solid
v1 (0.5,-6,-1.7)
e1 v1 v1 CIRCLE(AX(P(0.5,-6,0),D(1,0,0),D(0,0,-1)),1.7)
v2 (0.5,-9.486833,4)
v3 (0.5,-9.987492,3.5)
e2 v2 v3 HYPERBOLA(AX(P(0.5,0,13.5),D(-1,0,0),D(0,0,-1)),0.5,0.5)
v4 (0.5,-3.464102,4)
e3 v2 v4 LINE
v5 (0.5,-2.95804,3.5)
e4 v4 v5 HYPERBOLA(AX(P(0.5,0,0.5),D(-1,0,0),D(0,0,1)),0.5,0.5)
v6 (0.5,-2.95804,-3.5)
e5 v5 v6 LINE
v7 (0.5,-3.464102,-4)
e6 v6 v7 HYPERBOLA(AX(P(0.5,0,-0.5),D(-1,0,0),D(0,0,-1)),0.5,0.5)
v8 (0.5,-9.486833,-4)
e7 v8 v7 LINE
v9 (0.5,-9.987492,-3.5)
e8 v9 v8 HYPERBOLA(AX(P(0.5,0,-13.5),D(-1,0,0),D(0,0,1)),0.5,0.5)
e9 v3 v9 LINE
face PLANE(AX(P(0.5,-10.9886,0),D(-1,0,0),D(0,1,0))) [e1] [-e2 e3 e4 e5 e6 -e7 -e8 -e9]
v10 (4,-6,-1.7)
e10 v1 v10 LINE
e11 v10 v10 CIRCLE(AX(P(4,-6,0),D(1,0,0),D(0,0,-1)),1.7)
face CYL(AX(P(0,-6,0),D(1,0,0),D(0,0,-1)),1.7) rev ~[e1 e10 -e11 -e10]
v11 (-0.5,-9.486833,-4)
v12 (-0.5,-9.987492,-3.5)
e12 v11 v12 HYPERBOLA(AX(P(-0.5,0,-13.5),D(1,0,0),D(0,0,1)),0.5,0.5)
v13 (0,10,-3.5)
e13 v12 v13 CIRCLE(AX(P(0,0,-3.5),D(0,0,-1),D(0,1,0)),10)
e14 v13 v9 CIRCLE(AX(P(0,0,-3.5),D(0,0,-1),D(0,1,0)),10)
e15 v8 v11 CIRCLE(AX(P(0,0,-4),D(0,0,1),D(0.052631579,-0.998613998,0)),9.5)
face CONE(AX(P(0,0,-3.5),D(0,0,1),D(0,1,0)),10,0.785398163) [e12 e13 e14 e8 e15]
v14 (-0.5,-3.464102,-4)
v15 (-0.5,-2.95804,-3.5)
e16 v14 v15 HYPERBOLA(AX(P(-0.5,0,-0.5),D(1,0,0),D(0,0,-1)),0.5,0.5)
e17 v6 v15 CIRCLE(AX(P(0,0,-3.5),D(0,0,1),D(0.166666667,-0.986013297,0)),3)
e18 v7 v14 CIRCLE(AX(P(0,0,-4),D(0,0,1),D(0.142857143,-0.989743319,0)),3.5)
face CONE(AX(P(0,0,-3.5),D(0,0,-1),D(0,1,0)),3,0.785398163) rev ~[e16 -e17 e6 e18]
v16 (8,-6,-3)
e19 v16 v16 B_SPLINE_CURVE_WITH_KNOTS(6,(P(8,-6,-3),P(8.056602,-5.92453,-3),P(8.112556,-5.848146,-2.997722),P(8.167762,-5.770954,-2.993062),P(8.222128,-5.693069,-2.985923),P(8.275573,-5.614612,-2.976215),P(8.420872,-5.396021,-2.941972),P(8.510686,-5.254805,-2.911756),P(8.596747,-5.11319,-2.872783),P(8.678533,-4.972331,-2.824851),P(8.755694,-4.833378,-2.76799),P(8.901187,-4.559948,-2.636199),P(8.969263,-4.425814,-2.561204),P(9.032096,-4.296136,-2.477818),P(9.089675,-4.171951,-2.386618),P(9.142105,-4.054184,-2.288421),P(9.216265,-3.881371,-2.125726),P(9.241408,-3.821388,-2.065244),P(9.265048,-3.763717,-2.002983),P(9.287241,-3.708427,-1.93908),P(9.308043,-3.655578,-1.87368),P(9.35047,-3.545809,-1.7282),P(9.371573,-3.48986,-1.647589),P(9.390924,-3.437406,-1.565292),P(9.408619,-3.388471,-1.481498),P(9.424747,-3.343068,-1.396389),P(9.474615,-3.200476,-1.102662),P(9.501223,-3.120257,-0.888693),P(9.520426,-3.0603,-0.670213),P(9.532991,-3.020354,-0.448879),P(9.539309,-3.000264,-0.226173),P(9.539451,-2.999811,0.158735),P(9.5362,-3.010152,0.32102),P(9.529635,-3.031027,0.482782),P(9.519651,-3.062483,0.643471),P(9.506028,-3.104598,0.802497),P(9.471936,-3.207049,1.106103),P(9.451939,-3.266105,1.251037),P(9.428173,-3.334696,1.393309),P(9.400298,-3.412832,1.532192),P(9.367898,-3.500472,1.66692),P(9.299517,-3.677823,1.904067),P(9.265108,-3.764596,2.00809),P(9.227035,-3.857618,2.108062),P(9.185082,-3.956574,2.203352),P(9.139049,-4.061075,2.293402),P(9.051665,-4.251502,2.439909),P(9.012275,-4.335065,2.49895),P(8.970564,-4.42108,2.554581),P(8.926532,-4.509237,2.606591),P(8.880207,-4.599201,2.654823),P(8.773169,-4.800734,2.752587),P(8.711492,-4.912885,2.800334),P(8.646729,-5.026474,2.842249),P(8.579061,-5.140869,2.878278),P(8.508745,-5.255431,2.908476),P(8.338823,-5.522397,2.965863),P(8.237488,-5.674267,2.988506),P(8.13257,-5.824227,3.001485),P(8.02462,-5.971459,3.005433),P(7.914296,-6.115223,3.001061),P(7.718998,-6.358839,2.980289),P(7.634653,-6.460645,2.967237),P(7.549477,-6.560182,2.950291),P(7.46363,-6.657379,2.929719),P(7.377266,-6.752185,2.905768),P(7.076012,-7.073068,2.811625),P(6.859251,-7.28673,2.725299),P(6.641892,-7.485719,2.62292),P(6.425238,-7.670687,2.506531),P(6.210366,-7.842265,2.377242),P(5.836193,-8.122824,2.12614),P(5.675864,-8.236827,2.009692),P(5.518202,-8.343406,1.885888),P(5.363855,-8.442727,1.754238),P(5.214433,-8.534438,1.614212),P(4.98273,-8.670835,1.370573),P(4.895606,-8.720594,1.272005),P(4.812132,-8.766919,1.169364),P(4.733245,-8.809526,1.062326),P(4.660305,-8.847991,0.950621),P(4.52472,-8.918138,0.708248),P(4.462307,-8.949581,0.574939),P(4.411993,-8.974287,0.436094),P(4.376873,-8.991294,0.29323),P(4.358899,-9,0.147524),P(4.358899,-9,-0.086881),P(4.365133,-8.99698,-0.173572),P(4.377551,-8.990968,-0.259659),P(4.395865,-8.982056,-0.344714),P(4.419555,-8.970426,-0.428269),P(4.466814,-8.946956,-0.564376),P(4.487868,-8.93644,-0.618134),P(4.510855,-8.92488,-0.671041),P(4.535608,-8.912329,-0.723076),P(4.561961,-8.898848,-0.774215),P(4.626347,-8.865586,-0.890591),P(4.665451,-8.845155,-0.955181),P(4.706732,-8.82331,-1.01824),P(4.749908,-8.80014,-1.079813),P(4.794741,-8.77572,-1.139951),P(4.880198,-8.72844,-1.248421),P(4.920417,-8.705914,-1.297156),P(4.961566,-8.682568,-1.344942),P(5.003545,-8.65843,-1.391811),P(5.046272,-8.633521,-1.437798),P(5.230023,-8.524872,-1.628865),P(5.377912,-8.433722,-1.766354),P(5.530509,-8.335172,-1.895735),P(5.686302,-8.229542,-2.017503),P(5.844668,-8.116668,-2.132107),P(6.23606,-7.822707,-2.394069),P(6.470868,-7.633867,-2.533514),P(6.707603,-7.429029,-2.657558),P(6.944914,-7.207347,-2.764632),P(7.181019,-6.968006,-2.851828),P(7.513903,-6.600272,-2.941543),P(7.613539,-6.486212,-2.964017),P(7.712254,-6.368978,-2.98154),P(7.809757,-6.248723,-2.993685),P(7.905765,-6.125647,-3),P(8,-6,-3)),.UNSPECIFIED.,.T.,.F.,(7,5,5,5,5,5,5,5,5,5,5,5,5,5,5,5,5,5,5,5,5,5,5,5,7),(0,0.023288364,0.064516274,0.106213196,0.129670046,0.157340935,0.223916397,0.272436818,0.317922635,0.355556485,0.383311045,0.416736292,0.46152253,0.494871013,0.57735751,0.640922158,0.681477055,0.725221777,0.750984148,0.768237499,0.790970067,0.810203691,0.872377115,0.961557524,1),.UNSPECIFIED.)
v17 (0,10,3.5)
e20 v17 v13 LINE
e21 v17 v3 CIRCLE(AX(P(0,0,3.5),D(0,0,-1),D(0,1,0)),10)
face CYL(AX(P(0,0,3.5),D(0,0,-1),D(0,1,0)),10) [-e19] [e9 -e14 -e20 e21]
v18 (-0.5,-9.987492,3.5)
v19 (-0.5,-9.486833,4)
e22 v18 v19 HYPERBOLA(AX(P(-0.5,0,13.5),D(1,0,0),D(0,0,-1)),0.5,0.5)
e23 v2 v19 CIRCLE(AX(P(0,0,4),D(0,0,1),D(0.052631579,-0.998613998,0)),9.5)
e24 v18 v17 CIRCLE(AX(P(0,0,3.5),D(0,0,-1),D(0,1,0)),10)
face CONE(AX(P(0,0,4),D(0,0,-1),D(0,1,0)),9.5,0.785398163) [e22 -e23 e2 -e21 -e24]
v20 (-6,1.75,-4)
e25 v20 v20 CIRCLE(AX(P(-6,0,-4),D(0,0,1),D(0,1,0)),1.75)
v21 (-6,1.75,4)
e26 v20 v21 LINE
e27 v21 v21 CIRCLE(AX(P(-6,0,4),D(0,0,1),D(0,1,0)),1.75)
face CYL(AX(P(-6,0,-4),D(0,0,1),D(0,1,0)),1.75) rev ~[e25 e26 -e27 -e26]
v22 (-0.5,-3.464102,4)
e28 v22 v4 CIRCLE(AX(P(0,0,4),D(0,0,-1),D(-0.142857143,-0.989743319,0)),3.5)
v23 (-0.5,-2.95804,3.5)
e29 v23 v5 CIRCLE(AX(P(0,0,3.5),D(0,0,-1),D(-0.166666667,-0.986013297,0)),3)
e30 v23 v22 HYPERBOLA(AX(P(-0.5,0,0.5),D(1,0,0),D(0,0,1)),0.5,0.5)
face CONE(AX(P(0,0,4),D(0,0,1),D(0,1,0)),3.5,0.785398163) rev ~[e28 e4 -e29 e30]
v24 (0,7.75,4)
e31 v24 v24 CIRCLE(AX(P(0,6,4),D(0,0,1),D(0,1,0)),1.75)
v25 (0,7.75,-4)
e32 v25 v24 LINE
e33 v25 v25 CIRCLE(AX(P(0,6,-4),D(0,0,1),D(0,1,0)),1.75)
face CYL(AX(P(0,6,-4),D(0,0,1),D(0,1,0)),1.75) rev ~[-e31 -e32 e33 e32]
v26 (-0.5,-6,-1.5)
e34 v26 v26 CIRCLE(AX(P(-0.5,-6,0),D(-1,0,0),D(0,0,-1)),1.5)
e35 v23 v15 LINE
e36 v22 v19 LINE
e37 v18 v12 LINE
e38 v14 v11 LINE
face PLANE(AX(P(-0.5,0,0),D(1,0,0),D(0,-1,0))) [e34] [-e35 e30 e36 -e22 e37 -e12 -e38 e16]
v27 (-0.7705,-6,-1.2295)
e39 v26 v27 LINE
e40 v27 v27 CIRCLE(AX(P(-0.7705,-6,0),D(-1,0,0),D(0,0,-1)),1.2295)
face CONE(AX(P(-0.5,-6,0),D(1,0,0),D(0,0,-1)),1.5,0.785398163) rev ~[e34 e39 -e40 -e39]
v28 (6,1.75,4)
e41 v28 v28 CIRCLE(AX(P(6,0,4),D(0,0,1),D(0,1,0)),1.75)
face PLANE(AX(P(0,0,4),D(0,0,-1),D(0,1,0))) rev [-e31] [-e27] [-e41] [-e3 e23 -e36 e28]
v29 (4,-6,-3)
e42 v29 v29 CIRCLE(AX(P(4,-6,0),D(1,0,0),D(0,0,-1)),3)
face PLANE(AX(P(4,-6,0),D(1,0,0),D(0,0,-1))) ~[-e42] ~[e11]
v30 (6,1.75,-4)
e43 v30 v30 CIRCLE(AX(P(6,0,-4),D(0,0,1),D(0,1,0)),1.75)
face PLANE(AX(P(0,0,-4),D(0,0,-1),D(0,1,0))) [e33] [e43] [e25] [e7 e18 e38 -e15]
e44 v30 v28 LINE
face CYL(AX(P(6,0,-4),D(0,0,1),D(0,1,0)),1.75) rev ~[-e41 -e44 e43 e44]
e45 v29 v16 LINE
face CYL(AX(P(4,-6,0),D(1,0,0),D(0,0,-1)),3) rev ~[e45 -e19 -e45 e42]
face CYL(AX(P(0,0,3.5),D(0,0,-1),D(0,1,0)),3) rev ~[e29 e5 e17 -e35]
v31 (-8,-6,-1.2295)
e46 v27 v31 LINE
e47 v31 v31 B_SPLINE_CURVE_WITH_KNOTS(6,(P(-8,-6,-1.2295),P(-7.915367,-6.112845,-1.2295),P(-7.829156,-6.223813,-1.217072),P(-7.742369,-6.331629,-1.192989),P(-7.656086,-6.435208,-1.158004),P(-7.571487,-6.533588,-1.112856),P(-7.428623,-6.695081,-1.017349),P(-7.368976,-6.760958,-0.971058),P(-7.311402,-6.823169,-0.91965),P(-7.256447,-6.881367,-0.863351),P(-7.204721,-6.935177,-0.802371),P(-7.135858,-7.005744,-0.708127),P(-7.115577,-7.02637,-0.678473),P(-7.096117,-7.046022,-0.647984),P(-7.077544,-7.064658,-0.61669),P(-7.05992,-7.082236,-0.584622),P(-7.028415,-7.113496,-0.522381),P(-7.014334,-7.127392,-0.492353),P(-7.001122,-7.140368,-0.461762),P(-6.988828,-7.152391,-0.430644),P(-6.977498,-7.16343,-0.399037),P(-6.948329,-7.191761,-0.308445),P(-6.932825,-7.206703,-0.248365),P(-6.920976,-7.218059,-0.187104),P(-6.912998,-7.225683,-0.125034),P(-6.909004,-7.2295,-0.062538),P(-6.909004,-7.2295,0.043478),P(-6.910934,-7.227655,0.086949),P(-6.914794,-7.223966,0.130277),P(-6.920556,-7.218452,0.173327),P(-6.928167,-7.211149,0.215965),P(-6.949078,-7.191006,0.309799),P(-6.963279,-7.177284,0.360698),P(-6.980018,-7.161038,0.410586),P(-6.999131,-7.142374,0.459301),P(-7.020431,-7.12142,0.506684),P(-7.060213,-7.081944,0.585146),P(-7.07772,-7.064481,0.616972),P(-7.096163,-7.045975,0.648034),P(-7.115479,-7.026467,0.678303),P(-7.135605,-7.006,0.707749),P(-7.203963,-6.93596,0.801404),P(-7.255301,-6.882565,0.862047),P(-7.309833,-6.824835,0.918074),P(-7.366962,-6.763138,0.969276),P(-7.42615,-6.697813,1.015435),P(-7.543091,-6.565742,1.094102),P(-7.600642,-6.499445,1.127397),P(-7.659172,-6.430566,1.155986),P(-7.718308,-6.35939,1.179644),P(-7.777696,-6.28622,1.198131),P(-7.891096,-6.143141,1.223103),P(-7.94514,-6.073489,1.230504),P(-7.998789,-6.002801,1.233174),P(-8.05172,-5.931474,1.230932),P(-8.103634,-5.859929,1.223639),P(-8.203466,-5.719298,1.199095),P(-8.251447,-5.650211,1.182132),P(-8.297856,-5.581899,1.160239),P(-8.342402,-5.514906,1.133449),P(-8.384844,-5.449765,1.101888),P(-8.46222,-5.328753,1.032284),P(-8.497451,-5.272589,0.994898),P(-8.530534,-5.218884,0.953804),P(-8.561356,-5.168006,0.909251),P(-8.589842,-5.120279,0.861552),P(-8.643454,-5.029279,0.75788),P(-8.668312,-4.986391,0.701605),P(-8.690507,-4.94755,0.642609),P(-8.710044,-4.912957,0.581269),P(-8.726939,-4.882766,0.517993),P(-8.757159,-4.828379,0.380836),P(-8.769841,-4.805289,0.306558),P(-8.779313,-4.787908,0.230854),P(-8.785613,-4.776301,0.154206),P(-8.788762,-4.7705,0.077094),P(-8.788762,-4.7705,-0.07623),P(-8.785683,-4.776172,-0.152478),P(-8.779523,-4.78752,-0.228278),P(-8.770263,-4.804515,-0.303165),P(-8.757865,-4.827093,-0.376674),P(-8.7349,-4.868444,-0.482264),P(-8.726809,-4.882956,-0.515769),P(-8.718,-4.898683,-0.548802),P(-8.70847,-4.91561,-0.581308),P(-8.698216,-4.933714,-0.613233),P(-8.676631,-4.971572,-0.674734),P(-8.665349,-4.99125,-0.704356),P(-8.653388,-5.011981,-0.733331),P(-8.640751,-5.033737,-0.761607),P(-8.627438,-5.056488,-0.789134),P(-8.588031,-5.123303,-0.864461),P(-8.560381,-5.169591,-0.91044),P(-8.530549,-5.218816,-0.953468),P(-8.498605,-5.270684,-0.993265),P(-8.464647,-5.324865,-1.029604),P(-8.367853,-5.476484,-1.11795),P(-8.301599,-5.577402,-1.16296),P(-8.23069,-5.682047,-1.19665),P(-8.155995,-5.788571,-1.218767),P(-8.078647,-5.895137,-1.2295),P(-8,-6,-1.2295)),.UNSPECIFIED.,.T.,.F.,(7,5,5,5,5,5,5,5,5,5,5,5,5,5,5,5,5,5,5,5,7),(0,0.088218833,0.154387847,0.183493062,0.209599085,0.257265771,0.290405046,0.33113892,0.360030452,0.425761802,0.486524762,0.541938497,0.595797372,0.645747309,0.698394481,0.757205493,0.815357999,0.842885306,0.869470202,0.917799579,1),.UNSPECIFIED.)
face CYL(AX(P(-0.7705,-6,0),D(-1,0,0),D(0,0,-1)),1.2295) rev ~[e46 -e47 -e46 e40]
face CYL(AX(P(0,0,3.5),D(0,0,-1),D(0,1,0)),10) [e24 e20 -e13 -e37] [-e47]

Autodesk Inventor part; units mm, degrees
sketch "Sketch_14" plane through (0, 0, 0) normal (1, 0, 0) x (0, 1, 0)
  line L0 (0, -4) -> (0, 4)
  line L1 (0, 4) -> (9.5, 4)
  line L2 (9.5, 4) -> (10, 3.5)
  line L3 (10, 3.5) -> (10, -3.5)
  line L4 (10, -3.5) -> (9.5, -4)
  line L5 (9.5, -4) -> (0, -4)
  line L6 (0, -4) -> (0, 4)
revolve "Revolution1" add sketch "Sketch_14" angle 360 about axis through (0, 0, -4) along (0, 0, -1)
sketch "Sketch_15" plane through (0, 0, 0) normal (1, 0, 0) x (0, 1, 0)
  line L0 (0, -4) -> (0, 4)
  line L1 (0, 4) -> (3.5, 4)
  line L2 (3.5, 4) -> (3, 3.5)
  line L3 (3, 3.5) -> (3, -3.5)
  line L4 (3, -3.5) -> (3.5, -4)
  line L5 (3.5, -4) -> (0, -4)
  line L6 (0, -4) -> (0, 4)
revolve "Revolution2" cut sketch "Sketch_15" angle 360 about axis through (0, 0, -4) along (0, 0, -1)
sketch "Sketch_16" plane through (0, 0, 0) normal (0, 0, 1) x (1, 0, 0)
  arc A0 (-0.5, -10.9886) -> (0.5, -10.9886) centre (0, 0) ccw
  line L0 (0.5, -10.9886) -> (0.5, 0)
  line L1 (0.5, 0) -> (-0.5, 0)
  line L2 (-0.5, 0) -> (-0.5, -10.9886)
extrude "Extrusion1" cut sketch "Sketch_16" along normal mid plane 8
sketch "Sketch4" plane through (0, 0, -4) normal (0, 0, -1) x (-1, 0, 0)
  point P0 (-6, 0)
hole "Hole1" at (6, 0, -4) direction (0, 0, 1) diameter 3.5 depth 8
sketch "Sketch5" plane through (0, 0, -4) normal (0, 0, -1) x (-1, 0, 0)
  point P0 (6, 0)
hole "Hole2" at (-6, 0, -4) direction (0, 0, 1) diameter 3.5 depth 8
sketch "Sketch6" plane through (0, 0, -4) normal (0, 0, -1) x (-1, 0, 0)
  point P0 (0, 6)
hole "Hole3" at (0, 6, -4) direction (0, 0, 1) diameter 3.5 depth 8
sketch "Sketch_23" plane through (0, -6, 0) normal (0, 1, 0) x (1, 0, 0)
  line L0 (10, 0) -> (0, 0)
  line L1 (0, 0) -> (0, 1.7)
  line L2 (0, 1.7) -> (4, 1.7)
  line L3 (4, 1.7) -> (4, 3)
  line L4 (4, 3) -> (10, 3)
  line L5 (10, 3) -> (10, 0)
  line L6 (10, 0) -> (0, 0)
revolve "Revolution3" cut sketch "Sketch_23" angle 360 about axis through (10, -6, 0) along (1, 0, 0)
sketch "Sketch8" plane through (-0.5, -9.4868, 4) normal (1, 0, 0) x (0, 0, -1)
  point P0 (4, 3.4868)
hole "Hole4" at (-0.5, -6, 0) direction (-1, 0, 0) diameter 2.459 depth 8.4303 countersink diameter 3 countersink angle 90 thread size "M3x0.5" class "6H" standard "ISO Metric profile"
ref_plane "to_bolt_XY" through (4, -6, 0) normal (1, 0, 0) x (0, 0, -1)
ref_plane "to_bolt_YZ" through (4, -6, 0) normal (0, 0, -1) x (0, 1, 0)
ref_plane "to_bolt_ZX" through (4, -6, 0) normal (0, 1, 0) x (1, 0, 0)
properties part number "SCST6-8b"
